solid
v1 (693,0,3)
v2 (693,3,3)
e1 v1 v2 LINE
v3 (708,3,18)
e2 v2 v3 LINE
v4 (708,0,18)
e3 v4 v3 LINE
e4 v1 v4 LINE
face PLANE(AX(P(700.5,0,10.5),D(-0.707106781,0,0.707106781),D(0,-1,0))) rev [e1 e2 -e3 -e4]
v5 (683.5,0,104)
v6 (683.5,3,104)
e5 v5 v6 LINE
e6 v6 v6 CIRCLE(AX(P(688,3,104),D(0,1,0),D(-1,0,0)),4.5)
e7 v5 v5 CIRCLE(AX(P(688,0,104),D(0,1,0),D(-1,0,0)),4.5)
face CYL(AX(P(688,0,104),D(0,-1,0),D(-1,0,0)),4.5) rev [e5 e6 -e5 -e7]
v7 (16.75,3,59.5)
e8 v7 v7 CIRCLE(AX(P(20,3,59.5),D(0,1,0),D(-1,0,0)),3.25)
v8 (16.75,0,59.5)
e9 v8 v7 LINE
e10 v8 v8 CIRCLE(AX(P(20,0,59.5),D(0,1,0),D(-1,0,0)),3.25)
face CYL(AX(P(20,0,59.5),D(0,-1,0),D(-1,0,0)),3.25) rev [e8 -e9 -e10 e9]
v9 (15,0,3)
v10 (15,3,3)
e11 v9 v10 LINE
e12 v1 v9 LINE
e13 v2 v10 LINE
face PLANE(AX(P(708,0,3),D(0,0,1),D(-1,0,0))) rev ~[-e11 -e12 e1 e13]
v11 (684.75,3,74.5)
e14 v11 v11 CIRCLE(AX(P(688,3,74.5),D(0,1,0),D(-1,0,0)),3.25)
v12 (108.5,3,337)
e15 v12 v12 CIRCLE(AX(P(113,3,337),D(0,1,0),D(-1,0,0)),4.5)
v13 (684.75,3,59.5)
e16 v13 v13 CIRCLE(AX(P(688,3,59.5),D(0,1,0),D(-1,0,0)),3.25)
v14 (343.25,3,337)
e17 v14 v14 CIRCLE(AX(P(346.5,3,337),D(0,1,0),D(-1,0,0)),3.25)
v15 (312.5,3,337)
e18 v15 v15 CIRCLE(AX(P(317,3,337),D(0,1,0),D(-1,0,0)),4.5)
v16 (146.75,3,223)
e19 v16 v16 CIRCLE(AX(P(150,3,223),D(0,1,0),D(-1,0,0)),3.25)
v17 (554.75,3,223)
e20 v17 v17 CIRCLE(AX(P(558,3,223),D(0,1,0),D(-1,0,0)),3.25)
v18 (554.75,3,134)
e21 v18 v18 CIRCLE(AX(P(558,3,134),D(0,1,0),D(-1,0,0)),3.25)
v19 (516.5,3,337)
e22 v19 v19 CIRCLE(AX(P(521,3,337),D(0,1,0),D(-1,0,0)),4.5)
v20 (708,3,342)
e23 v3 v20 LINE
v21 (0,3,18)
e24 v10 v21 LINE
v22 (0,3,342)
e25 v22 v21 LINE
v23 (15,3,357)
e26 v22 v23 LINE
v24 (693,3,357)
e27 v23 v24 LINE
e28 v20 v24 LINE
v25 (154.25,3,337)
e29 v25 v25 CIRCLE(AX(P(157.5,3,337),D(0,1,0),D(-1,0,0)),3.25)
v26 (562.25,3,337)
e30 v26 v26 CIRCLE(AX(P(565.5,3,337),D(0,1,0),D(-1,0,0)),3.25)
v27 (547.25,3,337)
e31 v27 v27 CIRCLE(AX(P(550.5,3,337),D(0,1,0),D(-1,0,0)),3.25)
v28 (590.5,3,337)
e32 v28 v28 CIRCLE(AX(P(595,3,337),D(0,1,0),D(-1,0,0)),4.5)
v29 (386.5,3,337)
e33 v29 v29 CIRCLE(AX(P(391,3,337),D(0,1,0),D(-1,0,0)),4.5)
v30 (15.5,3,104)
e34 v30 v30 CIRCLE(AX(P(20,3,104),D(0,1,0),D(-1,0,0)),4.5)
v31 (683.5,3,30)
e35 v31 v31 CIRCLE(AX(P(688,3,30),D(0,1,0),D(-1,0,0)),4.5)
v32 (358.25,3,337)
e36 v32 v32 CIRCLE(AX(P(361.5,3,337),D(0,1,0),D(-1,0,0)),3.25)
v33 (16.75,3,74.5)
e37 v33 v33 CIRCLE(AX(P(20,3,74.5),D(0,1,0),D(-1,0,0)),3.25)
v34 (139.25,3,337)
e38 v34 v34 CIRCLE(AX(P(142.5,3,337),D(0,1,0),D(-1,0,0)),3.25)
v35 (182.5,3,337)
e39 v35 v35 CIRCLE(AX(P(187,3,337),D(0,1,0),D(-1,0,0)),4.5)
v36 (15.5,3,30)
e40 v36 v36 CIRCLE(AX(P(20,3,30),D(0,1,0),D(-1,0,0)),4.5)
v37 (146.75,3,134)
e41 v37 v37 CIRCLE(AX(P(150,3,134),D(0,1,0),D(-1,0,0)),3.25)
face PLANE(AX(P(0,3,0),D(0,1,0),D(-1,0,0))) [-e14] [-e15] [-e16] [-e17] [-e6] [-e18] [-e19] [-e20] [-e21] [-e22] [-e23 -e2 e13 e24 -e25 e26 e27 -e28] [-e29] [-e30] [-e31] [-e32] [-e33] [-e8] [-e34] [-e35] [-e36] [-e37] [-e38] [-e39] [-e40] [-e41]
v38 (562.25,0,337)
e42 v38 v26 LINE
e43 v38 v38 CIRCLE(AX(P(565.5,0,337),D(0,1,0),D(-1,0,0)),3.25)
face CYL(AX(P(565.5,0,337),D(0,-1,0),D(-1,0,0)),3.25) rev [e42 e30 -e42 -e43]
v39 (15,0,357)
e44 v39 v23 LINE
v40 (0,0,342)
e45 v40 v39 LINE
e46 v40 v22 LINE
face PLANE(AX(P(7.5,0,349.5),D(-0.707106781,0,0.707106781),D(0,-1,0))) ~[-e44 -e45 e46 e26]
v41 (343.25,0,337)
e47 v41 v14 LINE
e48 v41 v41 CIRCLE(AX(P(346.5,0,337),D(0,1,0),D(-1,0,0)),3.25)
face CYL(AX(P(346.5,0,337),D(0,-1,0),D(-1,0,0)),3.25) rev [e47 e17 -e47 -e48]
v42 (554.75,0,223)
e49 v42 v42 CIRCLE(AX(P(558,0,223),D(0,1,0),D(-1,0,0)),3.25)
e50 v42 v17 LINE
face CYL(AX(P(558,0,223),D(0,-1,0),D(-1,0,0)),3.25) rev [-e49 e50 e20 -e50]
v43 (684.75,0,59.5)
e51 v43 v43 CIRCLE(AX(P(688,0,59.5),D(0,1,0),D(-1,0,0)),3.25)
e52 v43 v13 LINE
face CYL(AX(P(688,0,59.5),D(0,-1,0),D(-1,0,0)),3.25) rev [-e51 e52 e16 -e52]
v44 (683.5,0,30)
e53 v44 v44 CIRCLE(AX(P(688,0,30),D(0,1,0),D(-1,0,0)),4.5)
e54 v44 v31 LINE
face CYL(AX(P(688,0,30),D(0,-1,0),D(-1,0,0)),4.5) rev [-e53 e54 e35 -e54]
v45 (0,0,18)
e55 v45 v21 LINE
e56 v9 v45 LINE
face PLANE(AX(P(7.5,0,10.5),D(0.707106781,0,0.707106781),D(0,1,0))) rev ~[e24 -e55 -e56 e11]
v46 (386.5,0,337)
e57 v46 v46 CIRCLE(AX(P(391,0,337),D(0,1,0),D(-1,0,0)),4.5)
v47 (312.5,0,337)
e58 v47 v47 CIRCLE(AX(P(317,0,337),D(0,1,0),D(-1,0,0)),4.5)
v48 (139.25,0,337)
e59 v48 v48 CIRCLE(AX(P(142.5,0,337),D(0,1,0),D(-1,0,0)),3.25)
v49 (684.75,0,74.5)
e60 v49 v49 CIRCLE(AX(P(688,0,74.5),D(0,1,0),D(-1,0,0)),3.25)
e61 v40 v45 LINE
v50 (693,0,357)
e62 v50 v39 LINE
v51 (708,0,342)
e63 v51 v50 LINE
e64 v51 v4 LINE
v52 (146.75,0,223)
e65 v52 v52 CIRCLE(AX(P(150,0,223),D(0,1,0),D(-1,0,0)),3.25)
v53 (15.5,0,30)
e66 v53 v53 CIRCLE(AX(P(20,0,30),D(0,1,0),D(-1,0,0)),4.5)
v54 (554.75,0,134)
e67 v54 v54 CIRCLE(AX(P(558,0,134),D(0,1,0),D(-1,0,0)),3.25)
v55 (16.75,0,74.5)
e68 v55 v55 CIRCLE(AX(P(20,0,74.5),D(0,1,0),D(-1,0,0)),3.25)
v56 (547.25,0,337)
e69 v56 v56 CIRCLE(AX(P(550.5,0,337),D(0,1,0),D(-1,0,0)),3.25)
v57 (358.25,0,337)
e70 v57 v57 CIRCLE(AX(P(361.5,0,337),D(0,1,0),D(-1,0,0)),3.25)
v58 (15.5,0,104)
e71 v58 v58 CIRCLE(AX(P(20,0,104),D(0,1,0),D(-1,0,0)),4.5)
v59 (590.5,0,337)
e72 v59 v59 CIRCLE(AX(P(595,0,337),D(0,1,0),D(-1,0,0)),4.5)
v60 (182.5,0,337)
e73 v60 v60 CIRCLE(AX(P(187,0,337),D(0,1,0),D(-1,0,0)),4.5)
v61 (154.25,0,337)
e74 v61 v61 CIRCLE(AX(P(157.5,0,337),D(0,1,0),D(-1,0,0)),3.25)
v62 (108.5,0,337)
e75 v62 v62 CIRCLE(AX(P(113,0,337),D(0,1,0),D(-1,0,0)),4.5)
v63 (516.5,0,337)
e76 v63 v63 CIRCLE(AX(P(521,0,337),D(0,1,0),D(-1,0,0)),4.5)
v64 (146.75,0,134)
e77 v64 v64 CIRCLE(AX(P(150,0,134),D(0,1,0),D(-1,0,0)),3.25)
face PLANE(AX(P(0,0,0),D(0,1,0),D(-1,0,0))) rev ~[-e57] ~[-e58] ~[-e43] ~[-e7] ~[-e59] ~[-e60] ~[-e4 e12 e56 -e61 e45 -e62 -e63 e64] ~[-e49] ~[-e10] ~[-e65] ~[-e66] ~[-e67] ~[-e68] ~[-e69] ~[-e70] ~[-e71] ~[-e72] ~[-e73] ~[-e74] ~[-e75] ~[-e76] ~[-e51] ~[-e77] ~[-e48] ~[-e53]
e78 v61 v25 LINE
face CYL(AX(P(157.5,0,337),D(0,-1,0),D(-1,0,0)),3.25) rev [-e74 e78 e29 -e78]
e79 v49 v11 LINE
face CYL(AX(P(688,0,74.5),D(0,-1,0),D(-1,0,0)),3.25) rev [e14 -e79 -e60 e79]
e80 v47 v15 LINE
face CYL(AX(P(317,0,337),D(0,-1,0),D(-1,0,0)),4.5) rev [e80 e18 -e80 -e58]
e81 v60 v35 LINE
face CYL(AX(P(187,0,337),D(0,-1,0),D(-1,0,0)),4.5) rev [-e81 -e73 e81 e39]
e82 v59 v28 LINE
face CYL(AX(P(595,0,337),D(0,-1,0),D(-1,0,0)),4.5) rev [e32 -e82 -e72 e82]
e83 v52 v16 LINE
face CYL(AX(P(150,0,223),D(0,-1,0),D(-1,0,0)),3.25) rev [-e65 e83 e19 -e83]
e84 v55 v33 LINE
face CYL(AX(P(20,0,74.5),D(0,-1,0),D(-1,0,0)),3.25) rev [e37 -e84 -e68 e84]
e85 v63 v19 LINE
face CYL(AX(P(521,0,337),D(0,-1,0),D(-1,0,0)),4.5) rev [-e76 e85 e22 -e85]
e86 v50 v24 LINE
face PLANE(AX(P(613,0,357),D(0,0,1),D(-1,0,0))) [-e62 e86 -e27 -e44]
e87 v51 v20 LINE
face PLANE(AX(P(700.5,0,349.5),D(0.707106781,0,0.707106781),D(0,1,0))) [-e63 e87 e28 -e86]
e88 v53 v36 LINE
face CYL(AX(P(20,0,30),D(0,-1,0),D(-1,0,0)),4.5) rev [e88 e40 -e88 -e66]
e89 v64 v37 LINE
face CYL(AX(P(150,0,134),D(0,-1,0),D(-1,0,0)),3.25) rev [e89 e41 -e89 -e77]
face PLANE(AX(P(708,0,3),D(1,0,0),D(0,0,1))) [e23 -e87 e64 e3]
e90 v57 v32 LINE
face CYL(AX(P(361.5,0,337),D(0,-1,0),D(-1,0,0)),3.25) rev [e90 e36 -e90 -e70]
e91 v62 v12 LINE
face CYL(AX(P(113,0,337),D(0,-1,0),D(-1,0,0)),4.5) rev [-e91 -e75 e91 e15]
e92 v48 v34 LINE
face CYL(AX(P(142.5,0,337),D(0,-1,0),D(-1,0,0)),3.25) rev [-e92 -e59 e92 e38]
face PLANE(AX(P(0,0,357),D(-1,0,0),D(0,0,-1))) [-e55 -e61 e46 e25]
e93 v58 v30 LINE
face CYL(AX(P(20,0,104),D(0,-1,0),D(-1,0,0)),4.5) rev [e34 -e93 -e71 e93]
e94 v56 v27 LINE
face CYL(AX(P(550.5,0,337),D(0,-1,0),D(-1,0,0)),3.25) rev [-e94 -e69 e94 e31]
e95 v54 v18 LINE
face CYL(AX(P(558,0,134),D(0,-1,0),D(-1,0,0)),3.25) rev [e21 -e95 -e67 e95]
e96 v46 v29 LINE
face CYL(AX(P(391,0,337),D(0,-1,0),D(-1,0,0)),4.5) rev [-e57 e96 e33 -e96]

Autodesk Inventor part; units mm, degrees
ref_plane "YZ Plane" through (0, 0, 0) normal (1, 0, 0) x (0, 1, 0)
ref_plane "XZ Plane" through (0, 0, 0) normal (0, 1, 0) x (-1, 0, 0)
ref_plane "XY Plane" through (0, 0, 0) normal (0, 0, 1) x (1, 0, 0)
sketch "Skizze1" plane through (0, 0, 0) normal (0, 1, 0) x (-1, 0, 0)
  line L0 (0, 0) -> (-708, 0)
  line L1 (-708, 0) -> (-708, 357)
  line L2 (-708, 357) -> (0, 357)
  line L3 (0, 357) -> (0, 0)
  line L4 (-354, 0) -> (-354, 357) construction
  line L5 (0, 178.5) -> (-708, 178.5) construction
  line L6 (-150, 0) -> (-150, 357) construction
  line L7 (-558, 0) -> (-558, 357) construction
  line L8 (-708, 67) -> (0, 67) construction
  line L9 (0, 71.4) -> (-708, 71.4) construction
  line L10 (-688, 337) -> (-688, 20) construction
  line L11 (-688, 20) -> (-20, 20) construction
  line L12 (-20, 20) -> (-20, 337) construction
  line L13 (-20, 337) -> (-688, 337) construction
  line L14 (-28, 19.5) -> (-12, 19.5) construction
  line L15 (-12, 19.5) -> (-12, 114.5) construction
  line L16 (-12, 114.5) -> (-28, 114.5) construction
  line L17 (-28, 114.5) -> (-28, 19.5) construction
  line L18 (-28, 19.5) -> (-12, 114.5) construction
  line L19 (-12, 19.5) -> (-28, 114.5) construction
  line L20 (-102.5, 345) -> (-197.5, 345) construction
  line L21 (-197.5, 345) -> (-197.5, 329) construction
  line L22 (-197.5, 329) -> (-102.5, 329) construction
  line L23 (-102.5, 329) -> (-102.5, 345) construction
  line L24 (-102.5, 345) -> (-197.5, 329) construction
  line L25 (-197.5, 345) -> (-102.5, 329) construction
  line L26 (-306.5, 345) -> (-401.5, 345) construction
  line L27 (-401.5, 345) -> (-401.5, 329) construction
  line L28 (-401.5, 329) -> (-306.5, 329) construction
  line L29 (-306.5, 329) -> (-306.5, 345) construction
  line L30 (-306.5, 345) -> (-401.5, 329) construction
  line L31 (-401.5, 345) -> (-306.5, 329) construction
  circle A0 centre (-20, 59.5) radius 3.25
  circle A1 centre (-20, 30) radius 4.5
  circle A2 centre (-20, 74.5) radius 3.25
  circle A3 centre (-20, 104) radius 4.5
  circle A4 centre (-142.5, 337) radius 3.25
  circle A5 centre (-113, 337) radius 4.5
  circle A6 centre (-317, 337) radius 4.5
  circle A7 centre (-346.5, 337) radius 3.25
  circle A8 centre (-157.5, 337) radius 3.25
  circle A9 centre (-187, 337) radius 4.5
  circle A10 centre (-391, 337) radius 4.5
  circle A11 centre (-361.5, 337) radius 3.25
  circle A12 centre (-688, 59.5) radius 3.25
  circle A13 centre (-688, 30) radius 4.5
  circle A14 centre (-688, 104) radius 4.5
  circle A15 centre (-688, 74.5) radius 3.25
  circle A16 centre (-565.5, 337) radius 3.25
  circle A17 centre (-595, 337) radius 4.5
  circle A18 centre (-550.5, 337) radius 3.25
  circle A19 centre (-521, 337) radius 4.5
  circle A20 centre (-150, 134) radius 3.25
  line L32 (-138.5, 124.5) -> (-161.5, 124.5) construction
  line L33 (-161.5, 124.5) -> (-161.5, 232.5) construction
  line L34 (-161.5, 232.5) -> (-138.5, 232.5) construction
  line L35 (-138.5, 232.5) -> (-138.5, 124.5) construction
  line L36 (-138.5, 124.5) -> (-161.5, 232.5) construction
  line L37 (-161.5, 124.5) -> (-138.5, 232.5) construction
  circle A21 centre (-150, 223) radius 3.25
  circle A22 centre (-558, 134) radius 3.25
  circle A23 centre (-558, 223) radius 3.25
  line L38 (-857.6188, 167) -> (175.5187, 167) construction
  line L39 (-857.6403, 142) -> (175.5402, 142) construction
  line L40 (-708, 317) -> (0, 317) construction
  line L41 (-668, 357) -> (-668, 0) construction
  line L42 (-708, 262) -> (-599.5, 262) construction
  line L43 (-613, 357) -> (-613, 217.4879) construction
  line L44 (-613, 357) -> (-708, 262)
  line L45 (-708, 3) -> (0, 3)
  point P0 (-20, 67)
  point P1 (-150, 337)
  point P2 (-354, 337)
  point P3 (-150, 178.5)
  dimension "d0" = 708
  dimension "d1" = 357
  dimension "d2" = 290
  dimension "d3" = 71.4
  dimension "d4" = 150
  dimension "d5" = 150
  dimension "d6" = 20
  dimension "d7" = 16
  dimension "d8" = 95
  dimension "d9" = 95
  dimension "d10" = 16
  dimension "d11" = 95
  dimension "d12" = 16
  dimension "d13" = 6.5
  dimension "d14" = 7.5
  dimension "d15" = 9
  dimension "d16" = 37
  dimension "d17" = 6.5
  dimension "d18" = 9
  dimension "d19" = 7.5
  dimension "d20" = 37
  dimension "d21" = 6.5
  dimension "d22" = 9
  dimension "d23" = 7.5
  dimension "d24" = 37
  dimension "d30" = 6.5
  dimension "d31" = 44.5
  dimension "d32" = 23
  dimension "d33" = 108
  dimension "d34" = 190
  dimension "d35" = 25
  dimension "d36" = 40
  dimension "d37" = 40
  dimension "d47" = 95
  dimension "d48" = 95
  dimension "d51" = 3
extrude "Ex1 mit Z-Untermaß" add sketch "Skizze1" along normal blind 3 contours L45 L1 L44 L2 L3 | L1 L2 L44
chamfer "Fase1" distance 15 angle 45 4 edges at (0, 1.5, 357) (708, 1.5, 357) (708, 1.5, 3) (0, 1.5, 3)
equation "\"d3\" = 0.2 * d1"
equation "\"d5\" = d4"
equation "\"d17\" = d13"
equation "\"d18\" = d15"
equation "\"d19\" = d14"
equation "\"d20\" = d16"
equation "\"d21\" = d13"
equation "\"d22\" = d15"
equation "\"d23\" = d14"
equation "\"d24\" = d16"
properties part number "enc-FrontPanel Oben 357x708"
